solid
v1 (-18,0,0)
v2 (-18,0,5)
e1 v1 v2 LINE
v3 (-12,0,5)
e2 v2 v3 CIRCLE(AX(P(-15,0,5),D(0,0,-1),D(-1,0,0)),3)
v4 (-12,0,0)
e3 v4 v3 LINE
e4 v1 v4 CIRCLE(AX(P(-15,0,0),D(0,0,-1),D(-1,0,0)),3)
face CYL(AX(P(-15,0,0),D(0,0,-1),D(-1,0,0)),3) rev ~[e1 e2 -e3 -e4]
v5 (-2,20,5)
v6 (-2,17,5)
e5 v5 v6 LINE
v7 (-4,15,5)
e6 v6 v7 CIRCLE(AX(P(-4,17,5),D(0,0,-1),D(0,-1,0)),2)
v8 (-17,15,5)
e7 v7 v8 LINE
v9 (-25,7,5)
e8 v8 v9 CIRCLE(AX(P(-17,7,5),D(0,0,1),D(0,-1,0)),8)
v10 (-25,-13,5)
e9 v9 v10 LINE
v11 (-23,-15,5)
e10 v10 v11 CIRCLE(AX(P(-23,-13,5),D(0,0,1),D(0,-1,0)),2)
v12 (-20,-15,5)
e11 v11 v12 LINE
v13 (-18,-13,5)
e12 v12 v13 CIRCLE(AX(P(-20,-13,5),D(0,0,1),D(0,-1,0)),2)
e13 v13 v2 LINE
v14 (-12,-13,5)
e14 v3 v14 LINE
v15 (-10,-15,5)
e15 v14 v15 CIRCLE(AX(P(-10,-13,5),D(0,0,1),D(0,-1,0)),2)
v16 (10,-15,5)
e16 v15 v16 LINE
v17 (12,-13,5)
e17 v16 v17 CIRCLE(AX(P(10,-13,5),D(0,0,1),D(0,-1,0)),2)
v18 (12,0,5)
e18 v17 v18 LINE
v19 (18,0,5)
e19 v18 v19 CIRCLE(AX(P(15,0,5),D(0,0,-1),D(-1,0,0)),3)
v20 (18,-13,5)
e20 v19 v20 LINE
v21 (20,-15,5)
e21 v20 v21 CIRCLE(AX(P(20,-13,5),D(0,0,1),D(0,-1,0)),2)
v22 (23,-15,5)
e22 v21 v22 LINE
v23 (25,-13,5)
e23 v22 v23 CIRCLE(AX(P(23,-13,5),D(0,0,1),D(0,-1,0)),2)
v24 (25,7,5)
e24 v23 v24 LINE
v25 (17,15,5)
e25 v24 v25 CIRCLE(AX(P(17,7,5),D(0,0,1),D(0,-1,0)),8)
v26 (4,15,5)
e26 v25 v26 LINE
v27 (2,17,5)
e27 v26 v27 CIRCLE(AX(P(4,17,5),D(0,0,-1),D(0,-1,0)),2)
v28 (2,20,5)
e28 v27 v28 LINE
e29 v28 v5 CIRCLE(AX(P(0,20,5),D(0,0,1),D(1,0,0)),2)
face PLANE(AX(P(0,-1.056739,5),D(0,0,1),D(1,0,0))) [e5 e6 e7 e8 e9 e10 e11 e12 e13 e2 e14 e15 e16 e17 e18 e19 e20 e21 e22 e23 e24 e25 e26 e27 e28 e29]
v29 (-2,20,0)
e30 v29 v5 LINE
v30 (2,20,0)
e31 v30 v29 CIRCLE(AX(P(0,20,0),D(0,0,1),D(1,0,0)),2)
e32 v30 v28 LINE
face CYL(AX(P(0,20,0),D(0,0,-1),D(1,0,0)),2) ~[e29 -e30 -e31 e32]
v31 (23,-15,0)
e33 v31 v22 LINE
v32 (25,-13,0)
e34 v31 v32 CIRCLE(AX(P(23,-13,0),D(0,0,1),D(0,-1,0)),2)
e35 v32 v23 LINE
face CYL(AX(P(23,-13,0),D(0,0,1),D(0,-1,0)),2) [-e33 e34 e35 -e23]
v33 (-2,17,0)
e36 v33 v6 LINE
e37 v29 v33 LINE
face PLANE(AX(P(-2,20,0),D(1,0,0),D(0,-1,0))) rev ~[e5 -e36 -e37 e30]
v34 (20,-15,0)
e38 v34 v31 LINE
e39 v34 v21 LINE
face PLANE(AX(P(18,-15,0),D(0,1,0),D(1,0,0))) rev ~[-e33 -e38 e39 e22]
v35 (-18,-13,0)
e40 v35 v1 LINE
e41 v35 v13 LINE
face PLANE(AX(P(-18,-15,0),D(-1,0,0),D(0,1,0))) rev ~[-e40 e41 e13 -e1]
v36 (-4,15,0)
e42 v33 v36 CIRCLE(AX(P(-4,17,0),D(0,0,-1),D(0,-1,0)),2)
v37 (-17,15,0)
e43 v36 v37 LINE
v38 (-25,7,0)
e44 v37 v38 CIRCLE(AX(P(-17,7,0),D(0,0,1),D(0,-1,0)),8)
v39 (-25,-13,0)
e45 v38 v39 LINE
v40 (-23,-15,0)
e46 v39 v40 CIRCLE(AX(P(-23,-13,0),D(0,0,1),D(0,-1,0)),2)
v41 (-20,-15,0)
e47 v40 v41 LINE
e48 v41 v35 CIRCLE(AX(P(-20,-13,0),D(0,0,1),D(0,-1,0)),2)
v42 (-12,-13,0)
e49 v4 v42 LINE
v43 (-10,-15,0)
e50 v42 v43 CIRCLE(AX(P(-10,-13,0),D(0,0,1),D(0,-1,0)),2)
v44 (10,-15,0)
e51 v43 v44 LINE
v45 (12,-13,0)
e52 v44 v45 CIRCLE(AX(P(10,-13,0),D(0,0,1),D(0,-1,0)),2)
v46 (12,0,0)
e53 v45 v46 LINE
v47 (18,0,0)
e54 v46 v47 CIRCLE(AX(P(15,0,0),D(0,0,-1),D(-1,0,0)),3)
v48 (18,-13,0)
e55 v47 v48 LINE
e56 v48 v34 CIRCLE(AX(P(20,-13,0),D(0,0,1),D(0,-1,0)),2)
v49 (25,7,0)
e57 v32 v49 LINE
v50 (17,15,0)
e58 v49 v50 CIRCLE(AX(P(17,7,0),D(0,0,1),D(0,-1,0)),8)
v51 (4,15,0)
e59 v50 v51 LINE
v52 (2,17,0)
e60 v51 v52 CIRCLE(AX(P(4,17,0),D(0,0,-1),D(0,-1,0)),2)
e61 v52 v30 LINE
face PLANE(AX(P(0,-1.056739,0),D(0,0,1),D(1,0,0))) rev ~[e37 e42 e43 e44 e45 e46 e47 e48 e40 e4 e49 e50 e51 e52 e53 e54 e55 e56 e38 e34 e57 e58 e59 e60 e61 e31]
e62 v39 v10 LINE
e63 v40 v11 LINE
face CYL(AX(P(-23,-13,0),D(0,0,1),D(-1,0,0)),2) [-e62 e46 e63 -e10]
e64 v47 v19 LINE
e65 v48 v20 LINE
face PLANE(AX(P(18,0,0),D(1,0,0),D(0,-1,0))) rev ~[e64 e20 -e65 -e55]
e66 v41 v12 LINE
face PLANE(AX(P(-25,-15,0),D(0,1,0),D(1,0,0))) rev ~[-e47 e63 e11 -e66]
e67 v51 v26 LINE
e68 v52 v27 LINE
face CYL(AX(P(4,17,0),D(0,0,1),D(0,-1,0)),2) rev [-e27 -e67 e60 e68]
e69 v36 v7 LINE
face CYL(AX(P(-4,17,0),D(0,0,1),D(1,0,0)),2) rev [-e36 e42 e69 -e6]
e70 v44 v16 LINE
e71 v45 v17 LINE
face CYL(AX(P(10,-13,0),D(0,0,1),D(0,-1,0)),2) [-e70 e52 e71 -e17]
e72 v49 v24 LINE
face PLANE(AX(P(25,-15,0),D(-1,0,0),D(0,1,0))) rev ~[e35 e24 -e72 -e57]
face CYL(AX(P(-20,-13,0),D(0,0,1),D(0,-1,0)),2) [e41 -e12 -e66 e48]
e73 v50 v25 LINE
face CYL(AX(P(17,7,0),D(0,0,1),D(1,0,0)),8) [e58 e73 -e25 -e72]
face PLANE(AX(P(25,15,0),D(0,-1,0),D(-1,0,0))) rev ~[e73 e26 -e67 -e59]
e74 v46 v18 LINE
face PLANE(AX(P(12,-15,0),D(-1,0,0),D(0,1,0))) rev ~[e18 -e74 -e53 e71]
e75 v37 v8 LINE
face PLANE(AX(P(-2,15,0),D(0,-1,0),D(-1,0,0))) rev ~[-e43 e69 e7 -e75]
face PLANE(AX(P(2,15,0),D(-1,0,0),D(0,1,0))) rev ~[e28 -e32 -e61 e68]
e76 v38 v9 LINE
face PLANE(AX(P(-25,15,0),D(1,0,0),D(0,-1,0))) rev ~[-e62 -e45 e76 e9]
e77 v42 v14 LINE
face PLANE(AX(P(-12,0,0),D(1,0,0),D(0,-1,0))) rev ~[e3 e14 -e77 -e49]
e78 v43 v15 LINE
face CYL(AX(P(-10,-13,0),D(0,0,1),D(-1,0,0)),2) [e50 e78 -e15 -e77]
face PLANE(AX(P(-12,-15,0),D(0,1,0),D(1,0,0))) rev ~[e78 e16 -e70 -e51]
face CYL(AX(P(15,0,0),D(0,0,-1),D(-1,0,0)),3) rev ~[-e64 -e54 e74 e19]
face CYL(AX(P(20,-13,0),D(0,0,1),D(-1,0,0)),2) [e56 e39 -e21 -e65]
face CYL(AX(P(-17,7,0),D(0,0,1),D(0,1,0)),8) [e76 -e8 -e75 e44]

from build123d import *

# Parameters (mm, degrees)
SZKIC1_R                    = 2
DODANIE_WYCI_GNI_CIE1_DEPTH = 5
ZAOKR_GLENIE1_R             = 2
ZAOKR_GLENIE2_R             = 8


with BuildPart() as part:
    # Szkic1 → Dodanie-wyciągnięcie1 (new body)
    with BuildSketch(Plane.XY):
        with BuildLine():
            ThreePointArc((12, 0), (15, 3), (18, 0))
            Line((18, 0), (18, -15))
            Line((18, -15), (25, -15))
            Line((25, -15), (25, 15))
            Line((25, 15), (2, 15))
            Line((2, 15), (-2, 15))
            Line((-2, 15), (-25, 15))
            Line((-25, 15), (-25, -15))
            Line((-25, -15), (-18, -15))
            Line((-18, -15), (-18, 0))
            ThreePointArc((-18, 0), (-15, 3), (-12, 0))
            Line((-12, 0), (-12, -15))
            Line((-12, -15), (12, -15))
            Line((12, -15), (12, 0))
        make_face()
        with BuildLine():
            Line((-2, 15), (2, 15))
            Line((2, 15), (2, 20))
            ThreePointArc((2, 20), (0, 18), (-2, 20))
            Line((-2, 20), (-2, 15))
        make_face()
        with Locations((0, 20)):
            Circle(SZKIC1_R)
    extrude(amount=DODANIE_WYCI_GNI_CIE1_DEPTH)

    # Zaokrąglenie1
    zaokr_glenie1_edges = [part.edges().sort_by_distance(p)[0] for p in [
        (12, -15, 2.5),
        (-12, -15, 2.5),
        (-18, -15, 2.5),
        (-25, -15, 2.5),
        (-2, 15, 2.5),
        (2, 15, 2.5),
        (25, -15, 2.5),
        (18, -15, 2.5),
    ]]
    fillet(zaokr_glenie1_edges, radius=ZAOKR_GLENIE1_R)

    # Zaokrąglenie2
    zaokr_glenie2_edges = [part.edges().sort_by_distance(p)[0] for p in [
        (-25, 15, 2.5),
        (25, 15, 2.5),
    ]]
    fillet(zaokr_glenie2_edges, radius=ZAOKR_GLENIE2_R)


solid = part.part
